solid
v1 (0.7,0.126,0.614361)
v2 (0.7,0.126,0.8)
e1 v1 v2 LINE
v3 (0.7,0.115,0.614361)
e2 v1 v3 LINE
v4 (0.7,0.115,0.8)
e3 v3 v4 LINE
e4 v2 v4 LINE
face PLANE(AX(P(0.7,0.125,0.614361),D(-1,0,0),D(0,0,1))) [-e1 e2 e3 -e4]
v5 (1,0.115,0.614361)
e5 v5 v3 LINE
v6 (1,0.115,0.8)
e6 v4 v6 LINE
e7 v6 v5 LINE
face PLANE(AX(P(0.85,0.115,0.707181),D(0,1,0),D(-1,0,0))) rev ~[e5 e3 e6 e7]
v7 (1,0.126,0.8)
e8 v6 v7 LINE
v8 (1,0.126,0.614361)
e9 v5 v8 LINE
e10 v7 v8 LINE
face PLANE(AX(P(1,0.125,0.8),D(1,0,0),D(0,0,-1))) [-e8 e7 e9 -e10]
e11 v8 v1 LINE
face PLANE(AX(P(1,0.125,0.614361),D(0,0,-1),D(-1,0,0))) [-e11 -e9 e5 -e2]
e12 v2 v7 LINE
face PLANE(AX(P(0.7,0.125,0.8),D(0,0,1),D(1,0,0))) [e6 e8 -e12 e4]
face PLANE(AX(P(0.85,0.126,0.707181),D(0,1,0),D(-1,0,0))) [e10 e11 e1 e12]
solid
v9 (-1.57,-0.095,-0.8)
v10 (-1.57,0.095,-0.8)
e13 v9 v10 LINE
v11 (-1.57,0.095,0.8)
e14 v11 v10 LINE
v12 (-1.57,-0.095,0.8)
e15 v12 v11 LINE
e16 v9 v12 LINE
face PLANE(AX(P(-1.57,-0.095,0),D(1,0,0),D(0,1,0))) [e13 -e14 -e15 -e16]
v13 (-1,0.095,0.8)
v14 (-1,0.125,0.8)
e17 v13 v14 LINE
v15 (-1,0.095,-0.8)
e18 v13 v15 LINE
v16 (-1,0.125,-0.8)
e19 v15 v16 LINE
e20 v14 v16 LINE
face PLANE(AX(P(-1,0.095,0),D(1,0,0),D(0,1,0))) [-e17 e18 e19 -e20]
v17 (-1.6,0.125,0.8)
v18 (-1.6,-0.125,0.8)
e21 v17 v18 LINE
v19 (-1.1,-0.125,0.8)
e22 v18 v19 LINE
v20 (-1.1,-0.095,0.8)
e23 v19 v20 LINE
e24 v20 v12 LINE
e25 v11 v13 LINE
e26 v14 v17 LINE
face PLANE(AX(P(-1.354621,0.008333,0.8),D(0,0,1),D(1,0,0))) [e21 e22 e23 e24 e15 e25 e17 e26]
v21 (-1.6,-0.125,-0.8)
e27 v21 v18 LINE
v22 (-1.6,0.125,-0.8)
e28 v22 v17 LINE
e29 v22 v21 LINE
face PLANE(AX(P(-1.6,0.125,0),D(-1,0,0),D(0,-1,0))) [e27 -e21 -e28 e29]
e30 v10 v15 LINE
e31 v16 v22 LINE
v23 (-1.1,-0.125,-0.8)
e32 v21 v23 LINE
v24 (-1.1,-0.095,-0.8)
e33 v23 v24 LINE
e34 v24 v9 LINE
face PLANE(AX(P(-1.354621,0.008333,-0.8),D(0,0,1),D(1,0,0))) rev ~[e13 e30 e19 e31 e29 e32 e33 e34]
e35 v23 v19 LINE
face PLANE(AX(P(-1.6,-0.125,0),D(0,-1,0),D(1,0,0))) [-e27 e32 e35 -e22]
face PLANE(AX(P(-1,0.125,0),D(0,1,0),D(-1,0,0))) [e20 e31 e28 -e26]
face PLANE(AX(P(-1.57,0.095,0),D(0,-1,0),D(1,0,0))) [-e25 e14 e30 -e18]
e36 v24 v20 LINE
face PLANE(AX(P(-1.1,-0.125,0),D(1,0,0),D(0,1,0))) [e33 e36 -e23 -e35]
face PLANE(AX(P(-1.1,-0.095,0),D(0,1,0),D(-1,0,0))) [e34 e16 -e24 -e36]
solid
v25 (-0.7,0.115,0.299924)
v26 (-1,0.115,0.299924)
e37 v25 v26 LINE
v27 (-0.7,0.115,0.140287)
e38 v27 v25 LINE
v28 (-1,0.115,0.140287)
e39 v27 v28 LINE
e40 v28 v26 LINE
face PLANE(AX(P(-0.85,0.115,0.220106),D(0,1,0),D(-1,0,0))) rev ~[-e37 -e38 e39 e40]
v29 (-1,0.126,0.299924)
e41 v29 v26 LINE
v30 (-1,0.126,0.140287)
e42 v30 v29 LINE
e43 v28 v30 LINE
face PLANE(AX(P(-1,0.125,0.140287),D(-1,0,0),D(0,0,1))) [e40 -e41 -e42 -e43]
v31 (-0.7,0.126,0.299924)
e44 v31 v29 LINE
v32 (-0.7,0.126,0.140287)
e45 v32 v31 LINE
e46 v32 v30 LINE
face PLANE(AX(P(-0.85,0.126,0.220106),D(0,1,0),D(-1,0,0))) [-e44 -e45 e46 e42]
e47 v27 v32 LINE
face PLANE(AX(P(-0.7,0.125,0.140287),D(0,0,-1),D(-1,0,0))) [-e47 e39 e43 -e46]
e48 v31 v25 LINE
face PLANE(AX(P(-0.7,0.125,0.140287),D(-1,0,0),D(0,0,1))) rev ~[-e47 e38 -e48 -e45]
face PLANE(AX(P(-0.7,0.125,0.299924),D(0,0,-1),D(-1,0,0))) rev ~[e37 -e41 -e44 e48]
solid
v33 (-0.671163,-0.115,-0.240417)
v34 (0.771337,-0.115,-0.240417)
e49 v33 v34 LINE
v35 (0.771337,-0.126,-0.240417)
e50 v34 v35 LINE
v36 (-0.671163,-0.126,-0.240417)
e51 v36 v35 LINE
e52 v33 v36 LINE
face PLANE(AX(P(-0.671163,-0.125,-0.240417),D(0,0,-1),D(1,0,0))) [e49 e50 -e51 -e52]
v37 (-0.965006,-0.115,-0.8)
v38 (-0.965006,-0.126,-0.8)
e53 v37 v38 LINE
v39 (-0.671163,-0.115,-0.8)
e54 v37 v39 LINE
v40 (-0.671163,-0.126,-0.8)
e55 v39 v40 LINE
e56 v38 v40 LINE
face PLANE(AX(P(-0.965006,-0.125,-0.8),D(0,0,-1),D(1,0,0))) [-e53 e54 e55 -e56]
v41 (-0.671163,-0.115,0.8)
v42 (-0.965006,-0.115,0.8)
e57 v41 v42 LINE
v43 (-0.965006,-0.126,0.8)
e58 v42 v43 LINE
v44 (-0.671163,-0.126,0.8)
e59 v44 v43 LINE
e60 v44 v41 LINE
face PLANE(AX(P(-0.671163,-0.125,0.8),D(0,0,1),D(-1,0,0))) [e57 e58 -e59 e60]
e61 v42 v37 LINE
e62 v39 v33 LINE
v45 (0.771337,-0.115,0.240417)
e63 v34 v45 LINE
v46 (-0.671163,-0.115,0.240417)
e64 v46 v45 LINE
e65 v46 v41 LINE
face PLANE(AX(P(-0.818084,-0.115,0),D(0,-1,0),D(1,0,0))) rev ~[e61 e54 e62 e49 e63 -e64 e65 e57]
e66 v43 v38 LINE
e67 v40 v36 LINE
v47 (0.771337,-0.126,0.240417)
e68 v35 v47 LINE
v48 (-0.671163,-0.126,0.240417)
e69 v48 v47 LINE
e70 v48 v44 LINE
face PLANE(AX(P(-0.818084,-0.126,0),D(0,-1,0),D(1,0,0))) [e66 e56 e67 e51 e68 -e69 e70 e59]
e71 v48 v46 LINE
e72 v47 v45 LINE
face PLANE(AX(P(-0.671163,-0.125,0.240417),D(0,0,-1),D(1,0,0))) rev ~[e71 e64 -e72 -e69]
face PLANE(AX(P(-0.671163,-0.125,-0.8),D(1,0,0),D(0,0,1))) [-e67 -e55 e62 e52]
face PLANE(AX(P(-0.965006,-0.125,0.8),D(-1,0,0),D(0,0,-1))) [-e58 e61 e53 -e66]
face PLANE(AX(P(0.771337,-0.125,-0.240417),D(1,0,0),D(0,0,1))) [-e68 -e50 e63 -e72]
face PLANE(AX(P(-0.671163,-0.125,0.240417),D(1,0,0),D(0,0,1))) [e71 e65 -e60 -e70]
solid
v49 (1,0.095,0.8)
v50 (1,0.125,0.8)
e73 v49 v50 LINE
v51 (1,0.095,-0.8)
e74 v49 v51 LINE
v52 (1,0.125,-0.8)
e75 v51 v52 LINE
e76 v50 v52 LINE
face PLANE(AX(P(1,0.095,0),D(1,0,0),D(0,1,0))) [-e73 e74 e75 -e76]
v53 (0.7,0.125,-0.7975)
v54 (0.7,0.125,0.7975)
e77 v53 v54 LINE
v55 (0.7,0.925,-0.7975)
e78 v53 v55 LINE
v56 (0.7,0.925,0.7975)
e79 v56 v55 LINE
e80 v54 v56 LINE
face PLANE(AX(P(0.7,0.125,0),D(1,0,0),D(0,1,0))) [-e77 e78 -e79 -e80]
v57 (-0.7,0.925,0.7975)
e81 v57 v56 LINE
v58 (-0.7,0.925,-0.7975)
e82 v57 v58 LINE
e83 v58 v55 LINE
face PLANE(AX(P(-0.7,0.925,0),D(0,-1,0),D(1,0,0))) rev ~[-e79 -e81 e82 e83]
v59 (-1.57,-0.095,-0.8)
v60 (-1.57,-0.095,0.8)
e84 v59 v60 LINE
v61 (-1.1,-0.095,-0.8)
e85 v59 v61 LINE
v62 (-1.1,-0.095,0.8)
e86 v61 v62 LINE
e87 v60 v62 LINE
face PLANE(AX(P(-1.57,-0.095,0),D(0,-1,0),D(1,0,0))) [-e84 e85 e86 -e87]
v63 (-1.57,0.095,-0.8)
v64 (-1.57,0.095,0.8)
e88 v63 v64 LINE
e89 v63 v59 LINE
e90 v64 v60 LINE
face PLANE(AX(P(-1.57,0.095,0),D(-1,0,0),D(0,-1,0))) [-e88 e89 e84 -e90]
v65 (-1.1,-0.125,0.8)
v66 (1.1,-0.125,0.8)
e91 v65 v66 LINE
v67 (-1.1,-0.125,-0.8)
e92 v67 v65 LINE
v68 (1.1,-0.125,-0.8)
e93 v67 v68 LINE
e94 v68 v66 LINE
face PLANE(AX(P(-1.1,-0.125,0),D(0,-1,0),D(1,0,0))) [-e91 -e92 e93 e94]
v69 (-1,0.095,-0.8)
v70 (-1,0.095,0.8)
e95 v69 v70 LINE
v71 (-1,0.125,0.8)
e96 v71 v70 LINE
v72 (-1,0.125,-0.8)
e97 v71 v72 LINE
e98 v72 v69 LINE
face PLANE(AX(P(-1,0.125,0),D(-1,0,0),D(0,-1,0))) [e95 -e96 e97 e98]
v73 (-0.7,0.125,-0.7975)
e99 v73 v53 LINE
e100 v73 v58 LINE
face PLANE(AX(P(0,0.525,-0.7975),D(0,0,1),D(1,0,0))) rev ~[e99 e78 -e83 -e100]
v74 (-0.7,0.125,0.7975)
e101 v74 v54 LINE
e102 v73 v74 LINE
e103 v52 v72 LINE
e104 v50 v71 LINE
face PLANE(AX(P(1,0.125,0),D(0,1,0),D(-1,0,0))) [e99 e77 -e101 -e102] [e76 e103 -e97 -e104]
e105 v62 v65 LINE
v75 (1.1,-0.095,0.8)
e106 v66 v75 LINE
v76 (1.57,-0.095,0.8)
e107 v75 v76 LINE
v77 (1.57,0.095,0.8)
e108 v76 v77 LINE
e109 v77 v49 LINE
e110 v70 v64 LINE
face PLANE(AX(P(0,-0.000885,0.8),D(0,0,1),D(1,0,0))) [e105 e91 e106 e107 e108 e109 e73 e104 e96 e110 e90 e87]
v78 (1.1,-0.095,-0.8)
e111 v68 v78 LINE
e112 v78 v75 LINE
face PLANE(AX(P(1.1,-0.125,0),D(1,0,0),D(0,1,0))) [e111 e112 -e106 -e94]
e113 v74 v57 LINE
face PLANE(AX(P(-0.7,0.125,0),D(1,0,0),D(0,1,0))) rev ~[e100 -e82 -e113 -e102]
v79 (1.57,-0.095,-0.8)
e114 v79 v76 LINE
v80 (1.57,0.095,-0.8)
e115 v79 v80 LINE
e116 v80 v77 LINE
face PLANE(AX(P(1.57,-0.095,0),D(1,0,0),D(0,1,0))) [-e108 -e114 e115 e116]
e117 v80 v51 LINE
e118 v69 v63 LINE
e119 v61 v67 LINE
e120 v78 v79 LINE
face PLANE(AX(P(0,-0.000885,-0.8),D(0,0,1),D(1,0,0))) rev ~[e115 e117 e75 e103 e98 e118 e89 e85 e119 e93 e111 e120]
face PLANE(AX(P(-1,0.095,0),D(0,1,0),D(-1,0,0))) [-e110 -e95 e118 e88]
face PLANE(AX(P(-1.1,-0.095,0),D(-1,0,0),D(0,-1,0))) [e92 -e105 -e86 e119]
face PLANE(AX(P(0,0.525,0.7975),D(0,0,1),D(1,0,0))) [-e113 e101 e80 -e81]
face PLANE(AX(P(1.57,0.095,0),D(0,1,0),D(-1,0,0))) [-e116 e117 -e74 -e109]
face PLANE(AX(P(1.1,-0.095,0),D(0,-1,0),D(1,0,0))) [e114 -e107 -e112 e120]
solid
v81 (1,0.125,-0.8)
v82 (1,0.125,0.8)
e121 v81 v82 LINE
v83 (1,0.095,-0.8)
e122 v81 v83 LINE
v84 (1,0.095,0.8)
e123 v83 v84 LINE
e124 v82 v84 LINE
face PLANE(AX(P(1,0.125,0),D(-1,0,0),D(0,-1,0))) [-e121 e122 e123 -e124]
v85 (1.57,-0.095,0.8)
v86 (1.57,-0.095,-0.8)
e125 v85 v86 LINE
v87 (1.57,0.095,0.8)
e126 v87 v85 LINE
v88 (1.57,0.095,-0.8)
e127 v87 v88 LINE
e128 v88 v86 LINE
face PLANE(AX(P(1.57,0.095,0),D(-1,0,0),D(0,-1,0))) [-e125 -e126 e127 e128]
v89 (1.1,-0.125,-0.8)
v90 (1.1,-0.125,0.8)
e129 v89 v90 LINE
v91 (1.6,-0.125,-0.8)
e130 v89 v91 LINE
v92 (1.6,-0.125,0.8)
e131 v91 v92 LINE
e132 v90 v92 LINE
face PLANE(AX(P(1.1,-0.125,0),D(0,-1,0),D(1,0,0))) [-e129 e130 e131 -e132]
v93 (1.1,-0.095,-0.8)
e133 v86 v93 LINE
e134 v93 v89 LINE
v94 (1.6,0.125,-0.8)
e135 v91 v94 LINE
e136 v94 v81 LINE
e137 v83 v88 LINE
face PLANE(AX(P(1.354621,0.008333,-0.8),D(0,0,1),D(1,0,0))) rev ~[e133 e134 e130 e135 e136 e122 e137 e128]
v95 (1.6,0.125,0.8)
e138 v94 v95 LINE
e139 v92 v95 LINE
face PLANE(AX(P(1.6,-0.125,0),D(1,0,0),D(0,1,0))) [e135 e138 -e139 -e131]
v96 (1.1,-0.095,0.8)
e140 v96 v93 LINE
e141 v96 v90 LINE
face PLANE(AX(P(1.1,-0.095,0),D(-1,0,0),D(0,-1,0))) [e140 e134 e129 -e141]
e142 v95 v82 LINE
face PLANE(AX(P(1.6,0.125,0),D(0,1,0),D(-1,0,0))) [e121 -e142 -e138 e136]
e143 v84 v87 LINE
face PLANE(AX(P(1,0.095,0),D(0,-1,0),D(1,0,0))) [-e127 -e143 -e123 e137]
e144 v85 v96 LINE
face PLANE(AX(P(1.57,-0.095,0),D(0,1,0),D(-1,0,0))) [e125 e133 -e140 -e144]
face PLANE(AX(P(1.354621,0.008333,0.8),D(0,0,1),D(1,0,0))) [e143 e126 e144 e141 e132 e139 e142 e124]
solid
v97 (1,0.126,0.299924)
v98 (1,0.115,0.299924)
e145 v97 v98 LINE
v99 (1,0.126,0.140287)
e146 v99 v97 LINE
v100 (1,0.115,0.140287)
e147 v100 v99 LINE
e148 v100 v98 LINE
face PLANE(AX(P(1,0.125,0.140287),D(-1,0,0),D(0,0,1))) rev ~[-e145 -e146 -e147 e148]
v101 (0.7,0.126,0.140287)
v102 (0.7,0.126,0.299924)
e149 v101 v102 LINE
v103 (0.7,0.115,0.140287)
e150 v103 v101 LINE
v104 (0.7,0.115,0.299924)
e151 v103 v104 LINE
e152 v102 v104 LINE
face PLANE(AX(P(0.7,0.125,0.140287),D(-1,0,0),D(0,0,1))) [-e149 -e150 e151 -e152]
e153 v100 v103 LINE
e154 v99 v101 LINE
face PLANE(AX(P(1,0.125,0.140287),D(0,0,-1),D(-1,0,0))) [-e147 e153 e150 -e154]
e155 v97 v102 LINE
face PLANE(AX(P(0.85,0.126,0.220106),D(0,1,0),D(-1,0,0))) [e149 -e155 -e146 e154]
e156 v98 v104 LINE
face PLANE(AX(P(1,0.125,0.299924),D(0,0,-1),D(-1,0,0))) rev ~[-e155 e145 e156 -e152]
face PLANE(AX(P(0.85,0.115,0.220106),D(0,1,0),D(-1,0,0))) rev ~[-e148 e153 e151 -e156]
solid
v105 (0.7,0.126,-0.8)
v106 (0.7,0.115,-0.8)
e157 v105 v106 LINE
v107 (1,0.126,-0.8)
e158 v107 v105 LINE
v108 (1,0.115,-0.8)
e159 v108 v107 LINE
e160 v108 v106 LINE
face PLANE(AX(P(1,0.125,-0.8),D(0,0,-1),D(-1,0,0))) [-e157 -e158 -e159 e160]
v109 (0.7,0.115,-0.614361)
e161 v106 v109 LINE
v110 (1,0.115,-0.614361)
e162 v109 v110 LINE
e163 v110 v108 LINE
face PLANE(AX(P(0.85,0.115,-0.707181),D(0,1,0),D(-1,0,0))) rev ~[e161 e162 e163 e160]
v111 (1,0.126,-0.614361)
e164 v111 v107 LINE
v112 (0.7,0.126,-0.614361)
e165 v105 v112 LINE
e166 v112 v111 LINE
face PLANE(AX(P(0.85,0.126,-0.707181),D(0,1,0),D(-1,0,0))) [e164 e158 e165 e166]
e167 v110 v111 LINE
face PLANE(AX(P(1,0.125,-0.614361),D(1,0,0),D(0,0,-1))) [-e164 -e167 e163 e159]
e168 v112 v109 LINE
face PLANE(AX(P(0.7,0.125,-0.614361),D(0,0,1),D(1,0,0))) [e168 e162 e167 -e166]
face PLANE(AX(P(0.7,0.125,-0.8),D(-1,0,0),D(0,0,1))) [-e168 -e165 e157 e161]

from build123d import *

# Parameters (mm, degrees)
EXTRUDE1_DEPTH        = 0.8
SKETCH1_5_W           = 1.4
SKETCH1_5_H           = 0.8
EXTRUDE5_DEPTH        = 0.7975
SKETCH2_W             = 1.442499651
SKETCH2_H             = 0.480833216
EXTRUDE6_DEPTH        = 0.001
EXTRUDE6_DEPTH_BACK   = 0.01
EXTRUDE7_DEPTH        = 0.8
EXTRUDE7_2_DEPTH      = 0.8
SKETCH5_W             = 0.3
SKETCH5_H             = 0.159637188
EXTRUDE8_DEPTH        = 0.001
EXTRUDE8_DEPTH_BACK   = 0.01
EXTRUDE8_2_DEPTH      = 0.001
EXTRUDE8_2_DEPTH_BACK = 0.01
EXTRUDE9_DEPTH        = 0.001
EXTRUDE9_DEPTH_BACK   = 0.01
EXTRUDE9_2_DEPTH      = 0.001
EXTRUDE9_2_DEPTH_BACK = 0.01


with BuildPart() as part:
    # Sketch1 → Extrude1 (new body, symmetric)
    with BuildSketch(Plane.XY):
        Polygon((-0.7, 0.125), (-1, 0.125), (-1, 0.095), (-1.57, 0.095), (-1.57, -0.095), (-1.1, -0.095), (-1.1, -0.125), (1.1, -0.125), (1.1, -0.095), (1.57, -0.095), (1.57, 0.095), (1, 0.095), (1, 0.125), (0.7, 0.125), (0.075, 0.125), (-0.075, 0.125), align=None)
    extrude(amount=EXTRUDE1_DEPTH, both=True)

    # Sketch1_5 → Extrude5 (add, symmetric)
    with BuildSketch(Plane.XY):
        with Locations((0, 0.525)):
            Rectangle(SKETCH1_5_W, SKETCH1_5_H)
    extrude(amount=EXTRUDE5_DEPTH, both=True)


with BuildPart() as body_2:
    # Sketch2 → Extrude6 (new body, two sides)
    with BuildSketch(Plane.XZ.offset(0.125)) as extrude6_sk:
        Polygon((-0.671163032, 0.8), (-0.965005553, 0.8), (-0.965005553, -0.8), (-0.671163032, -0.8), (-0.671163032, -0.240416608), (-0.671163032, 0.240416608), align=None)
        with Locations((0.050086794, 0)):
            Rectangle(SKETCH2_W, SKETCH2_H)
    extrude(amount=EXTRUDE6_DEPTH)
    extrude(extrude6_sk.sketch, amount=-EXTRUDE6_DEPTH_BACK)


with BuildPart() as body_3:
    # Sketch1_6 → Extrude7 (new body, symmetric)
    with BuildSketch(Plane.XY):
        Polygon((-1, 0.125), (-1.6, 0.125), (-1.6, -0.125), (-1.1, -0.125), (-1.1, -0.095), (-1.57, -0.095), (-1.57, 0.095), (-1, 0.095), align=None)
    extrude(amount=EXTRUDE7_DEPTH, both=True)


with BuildPart() as body_4:
    # Sketch1_6 → Extrude7 2 (new body, symmetric)
    with BuildSketch(Plane.XY):
        Polygon((1.1, -0.095), (1.1, -0.125), (1.6, -0.125), (1.6, 0.125), (1, 0.125), (1, 0.095), (1.57, 0.095), (1.57, -0.095), align=None)
    extrude(amount=EXTRUDE7_2_DEPTH, both=True)


with BuildPart() as body_5:
    # Sketch5 → Extrude8 (new body, two sides)
    with BuildSketch(Plane(origin=(0, 0.125, 0), x_dir=(-1, 0, 0), z_dir=(0, 1, 0))) as extrude8_sk:
        with Locations((0.85, 0.22010582)):
            Rectangle(SKETCH5_W, SKETCH5_H)
    extrude(amount=EXTRUDE8_DEPTH)
    extrude(extrude8_sk.sketch, amount=-EXTRUDE8_DEPTH_BACK)


with BuildPart() as body_6:
    # Sketch5 → Extrude8 2 (new body, two sides)
    with BuildSketch(Plane(origin=(0, 0.125, 0), x_dir=(-1, 0, 0), z_dir=(0, 1, 0))) as extrude8_2_sk:
        with Locations((-0.85, 0.22010582)):
            Rectangle(SKETCH5_W, SKETCH5_H)
    extrude(amount=EXTRUDE8_2_DEPTH)
    extrude(extrude8_2_sk.sketch, amount=-EXTRUDE8_2_DEPTH_BACK)


with BuildPart() as body_7:
    # Sketch5_3 → Extrude9 (new body, two sides)
    with BuildSketch(Plane(origin=(0, 0.125, 0), x_dir=(-1, 0, 0), z_dir=(0, 1, 0))) as extrude9_sk:
        Polygon((-0.7, -0.6143613), (-1, -0.6143613), (-1, -0.8), (-0.7, -0.8), (-0.7, -0.7975), align=None)
    extrude(amount=EXTRUDE9_DEPTH)
    extrude(extrude9_sk.sketch, amount=-EXTRUDE9_DEPTH_BACK)


with BuildPart() as body_8:
    # Sketch5_3 → Extrude9 2 (new body, two sides)
    with BuildSketch(Plane(origin=(0, 0.125, 0), x_dir=(-1, 0, 0), z_dir=(0, 1, 0))) as extrude9_2_sk:
        Polygon((-0.7, 0.8), (-1, 0.8), (-1, 0.6143613), (-0.7, 0.6143613), (-0.7, 0.7975), align=None)
    extrude(amount=EXTRUDE9_2_DEPTH)
    extrude(extrude9_2_sk.sketch, amount=-EXTRUDE9_2_DEPTH_BACK)


solid = Compound([part.part, body_2.part, body_3.part, body_4.part, body_5.part, body_6.part, body_7.part, body_8.part])
